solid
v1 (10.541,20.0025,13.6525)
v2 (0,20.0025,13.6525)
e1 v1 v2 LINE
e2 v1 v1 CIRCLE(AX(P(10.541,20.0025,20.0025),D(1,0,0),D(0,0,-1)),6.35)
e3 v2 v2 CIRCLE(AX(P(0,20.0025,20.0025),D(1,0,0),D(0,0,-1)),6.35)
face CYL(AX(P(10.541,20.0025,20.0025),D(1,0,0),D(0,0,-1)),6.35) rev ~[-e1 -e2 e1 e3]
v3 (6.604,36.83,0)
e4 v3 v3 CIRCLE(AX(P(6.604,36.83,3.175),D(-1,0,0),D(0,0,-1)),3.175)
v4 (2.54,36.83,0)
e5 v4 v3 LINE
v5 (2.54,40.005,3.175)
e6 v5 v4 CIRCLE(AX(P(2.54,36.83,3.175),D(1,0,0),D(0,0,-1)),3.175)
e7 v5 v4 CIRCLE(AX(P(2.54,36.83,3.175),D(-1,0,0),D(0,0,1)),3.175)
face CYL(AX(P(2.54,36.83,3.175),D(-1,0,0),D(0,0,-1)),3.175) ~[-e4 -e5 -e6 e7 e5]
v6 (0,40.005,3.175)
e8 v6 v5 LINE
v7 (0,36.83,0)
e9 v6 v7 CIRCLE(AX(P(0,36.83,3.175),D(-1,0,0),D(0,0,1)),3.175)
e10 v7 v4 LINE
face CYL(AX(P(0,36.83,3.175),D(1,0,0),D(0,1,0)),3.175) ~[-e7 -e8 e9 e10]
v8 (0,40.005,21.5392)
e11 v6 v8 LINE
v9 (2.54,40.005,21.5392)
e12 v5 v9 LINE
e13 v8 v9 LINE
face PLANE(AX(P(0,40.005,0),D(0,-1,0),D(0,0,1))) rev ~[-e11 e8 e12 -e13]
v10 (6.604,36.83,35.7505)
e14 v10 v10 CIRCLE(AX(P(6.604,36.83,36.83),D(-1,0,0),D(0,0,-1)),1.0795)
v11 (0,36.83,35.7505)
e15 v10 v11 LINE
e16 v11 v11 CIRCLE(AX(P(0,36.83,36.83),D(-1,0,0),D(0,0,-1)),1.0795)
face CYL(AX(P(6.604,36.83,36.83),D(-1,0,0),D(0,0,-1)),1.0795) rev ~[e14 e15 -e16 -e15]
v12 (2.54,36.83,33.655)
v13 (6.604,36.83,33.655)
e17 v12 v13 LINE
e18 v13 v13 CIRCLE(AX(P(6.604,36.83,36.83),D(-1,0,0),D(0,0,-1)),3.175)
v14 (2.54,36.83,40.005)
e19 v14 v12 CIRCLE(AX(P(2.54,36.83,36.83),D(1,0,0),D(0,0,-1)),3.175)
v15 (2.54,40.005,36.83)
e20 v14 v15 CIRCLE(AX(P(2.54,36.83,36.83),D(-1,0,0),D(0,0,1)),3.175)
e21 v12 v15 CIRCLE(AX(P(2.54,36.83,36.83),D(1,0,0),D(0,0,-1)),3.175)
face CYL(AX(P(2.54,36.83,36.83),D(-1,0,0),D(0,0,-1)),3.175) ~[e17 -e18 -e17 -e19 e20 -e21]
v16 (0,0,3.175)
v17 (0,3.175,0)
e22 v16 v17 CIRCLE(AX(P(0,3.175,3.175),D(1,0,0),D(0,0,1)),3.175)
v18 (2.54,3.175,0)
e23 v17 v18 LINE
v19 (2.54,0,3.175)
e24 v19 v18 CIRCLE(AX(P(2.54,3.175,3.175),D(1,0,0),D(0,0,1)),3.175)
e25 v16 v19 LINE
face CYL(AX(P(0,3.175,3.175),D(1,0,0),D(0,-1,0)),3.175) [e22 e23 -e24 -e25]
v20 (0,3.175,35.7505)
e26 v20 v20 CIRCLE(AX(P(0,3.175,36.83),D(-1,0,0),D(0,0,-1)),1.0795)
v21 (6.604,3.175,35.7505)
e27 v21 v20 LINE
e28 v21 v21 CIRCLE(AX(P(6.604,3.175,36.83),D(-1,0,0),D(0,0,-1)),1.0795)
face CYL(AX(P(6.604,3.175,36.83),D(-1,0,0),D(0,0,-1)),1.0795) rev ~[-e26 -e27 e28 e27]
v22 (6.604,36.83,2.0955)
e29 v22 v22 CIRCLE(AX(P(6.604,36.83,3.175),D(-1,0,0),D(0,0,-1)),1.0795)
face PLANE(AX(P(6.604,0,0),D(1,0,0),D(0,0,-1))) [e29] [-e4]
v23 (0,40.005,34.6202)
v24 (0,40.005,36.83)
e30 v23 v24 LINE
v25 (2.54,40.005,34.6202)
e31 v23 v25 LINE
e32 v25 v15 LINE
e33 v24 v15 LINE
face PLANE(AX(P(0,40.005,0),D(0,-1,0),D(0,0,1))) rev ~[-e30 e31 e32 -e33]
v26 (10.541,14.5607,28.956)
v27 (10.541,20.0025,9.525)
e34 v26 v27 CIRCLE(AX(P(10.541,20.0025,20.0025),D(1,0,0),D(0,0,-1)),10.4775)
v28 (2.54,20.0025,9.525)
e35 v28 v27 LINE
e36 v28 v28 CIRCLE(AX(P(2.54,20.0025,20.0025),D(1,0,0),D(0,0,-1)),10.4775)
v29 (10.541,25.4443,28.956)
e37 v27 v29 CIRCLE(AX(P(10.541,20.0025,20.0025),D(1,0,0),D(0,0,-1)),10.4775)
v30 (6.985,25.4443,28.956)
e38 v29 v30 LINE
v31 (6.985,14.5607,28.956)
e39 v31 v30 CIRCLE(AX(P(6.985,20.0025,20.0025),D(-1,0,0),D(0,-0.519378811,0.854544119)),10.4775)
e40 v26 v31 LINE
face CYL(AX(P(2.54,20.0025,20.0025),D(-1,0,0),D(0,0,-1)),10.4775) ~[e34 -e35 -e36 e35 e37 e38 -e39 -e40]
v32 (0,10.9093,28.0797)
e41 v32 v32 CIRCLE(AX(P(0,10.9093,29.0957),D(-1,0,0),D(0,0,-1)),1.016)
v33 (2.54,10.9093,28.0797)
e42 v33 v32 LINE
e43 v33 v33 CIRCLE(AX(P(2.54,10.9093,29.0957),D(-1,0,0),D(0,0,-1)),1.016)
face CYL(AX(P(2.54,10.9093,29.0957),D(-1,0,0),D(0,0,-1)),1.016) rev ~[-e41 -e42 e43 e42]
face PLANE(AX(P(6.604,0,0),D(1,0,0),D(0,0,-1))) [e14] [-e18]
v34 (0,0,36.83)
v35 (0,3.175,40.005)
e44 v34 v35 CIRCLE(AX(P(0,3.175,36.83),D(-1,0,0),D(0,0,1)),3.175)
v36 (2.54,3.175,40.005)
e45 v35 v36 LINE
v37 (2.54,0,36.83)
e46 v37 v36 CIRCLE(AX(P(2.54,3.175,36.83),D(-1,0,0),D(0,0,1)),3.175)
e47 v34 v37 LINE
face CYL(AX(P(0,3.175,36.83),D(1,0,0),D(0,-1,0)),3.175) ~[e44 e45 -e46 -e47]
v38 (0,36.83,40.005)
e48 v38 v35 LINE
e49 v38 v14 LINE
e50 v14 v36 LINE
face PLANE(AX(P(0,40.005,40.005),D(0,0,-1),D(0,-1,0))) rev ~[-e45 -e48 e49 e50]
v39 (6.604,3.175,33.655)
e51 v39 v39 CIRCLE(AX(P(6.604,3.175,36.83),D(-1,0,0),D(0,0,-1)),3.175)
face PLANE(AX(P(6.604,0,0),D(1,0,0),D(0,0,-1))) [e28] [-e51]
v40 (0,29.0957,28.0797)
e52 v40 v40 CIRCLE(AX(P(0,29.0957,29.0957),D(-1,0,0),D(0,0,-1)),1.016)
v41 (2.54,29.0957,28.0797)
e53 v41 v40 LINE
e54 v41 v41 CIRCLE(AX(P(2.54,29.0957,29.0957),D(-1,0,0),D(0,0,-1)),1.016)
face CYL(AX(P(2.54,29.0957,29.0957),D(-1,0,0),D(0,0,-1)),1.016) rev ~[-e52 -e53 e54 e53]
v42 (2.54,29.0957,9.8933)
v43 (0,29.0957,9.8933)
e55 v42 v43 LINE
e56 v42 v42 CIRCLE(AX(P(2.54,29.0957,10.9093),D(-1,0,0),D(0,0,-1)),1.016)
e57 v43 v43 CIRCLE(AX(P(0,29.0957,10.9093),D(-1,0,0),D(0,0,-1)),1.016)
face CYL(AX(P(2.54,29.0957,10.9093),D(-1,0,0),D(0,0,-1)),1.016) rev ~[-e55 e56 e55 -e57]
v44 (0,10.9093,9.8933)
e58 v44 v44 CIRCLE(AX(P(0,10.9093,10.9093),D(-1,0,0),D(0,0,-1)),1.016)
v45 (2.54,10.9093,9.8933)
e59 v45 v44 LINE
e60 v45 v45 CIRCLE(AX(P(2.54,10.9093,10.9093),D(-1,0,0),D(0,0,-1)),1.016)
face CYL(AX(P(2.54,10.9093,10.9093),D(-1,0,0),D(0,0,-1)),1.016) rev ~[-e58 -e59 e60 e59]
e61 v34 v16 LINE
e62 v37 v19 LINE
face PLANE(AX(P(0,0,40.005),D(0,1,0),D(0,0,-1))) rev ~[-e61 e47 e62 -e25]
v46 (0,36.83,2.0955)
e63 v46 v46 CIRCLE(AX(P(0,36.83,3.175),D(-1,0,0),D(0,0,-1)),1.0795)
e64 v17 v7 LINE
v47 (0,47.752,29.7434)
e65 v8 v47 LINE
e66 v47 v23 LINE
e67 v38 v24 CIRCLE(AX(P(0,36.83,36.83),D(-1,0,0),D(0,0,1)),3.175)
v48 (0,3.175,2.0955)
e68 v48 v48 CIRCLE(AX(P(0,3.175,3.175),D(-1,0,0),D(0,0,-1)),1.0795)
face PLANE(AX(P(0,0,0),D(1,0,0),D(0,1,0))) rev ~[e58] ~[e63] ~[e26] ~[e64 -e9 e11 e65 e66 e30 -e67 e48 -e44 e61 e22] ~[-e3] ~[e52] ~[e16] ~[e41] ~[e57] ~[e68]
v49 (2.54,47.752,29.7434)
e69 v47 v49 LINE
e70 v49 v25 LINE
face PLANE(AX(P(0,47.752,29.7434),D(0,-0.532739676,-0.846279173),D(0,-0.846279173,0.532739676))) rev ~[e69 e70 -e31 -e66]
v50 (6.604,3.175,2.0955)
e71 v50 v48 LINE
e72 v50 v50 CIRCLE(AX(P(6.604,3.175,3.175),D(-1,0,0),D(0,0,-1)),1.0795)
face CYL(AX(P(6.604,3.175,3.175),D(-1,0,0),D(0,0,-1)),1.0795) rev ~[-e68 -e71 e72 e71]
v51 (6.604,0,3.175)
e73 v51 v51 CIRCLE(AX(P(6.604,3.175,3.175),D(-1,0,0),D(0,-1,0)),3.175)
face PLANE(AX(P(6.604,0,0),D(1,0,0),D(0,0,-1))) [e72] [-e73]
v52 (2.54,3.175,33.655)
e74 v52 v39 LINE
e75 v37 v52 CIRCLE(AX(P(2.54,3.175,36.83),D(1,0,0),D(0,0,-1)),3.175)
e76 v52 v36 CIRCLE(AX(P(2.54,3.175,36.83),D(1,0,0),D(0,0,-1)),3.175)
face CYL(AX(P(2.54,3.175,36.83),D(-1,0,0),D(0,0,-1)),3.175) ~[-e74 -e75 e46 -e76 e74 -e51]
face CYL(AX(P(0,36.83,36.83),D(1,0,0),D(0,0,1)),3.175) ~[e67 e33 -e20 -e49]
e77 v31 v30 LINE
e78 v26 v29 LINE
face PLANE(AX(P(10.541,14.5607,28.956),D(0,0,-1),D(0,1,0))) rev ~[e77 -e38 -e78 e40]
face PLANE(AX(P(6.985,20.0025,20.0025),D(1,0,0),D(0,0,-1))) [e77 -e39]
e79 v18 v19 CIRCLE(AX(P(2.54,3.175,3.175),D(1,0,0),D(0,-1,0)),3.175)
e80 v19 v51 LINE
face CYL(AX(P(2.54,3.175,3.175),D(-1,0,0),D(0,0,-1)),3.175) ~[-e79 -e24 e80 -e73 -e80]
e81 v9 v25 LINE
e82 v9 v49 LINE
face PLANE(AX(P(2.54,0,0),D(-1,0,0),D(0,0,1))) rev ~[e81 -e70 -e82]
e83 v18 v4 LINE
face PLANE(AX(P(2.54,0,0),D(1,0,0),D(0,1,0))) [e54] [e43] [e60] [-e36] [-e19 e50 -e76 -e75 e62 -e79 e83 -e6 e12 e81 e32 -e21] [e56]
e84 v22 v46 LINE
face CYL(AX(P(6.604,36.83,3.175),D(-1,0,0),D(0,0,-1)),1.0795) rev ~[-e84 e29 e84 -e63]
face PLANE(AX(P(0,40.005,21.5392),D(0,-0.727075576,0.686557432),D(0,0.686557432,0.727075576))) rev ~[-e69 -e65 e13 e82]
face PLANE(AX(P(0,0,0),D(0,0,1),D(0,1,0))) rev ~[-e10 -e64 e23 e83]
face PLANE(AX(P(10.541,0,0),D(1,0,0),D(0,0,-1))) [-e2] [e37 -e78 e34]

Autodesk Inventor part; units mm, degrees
ref_plane "YZ Plane" through (0, 0, 0) normal (1, 0, 0) x (0, 1, 0)
ref_plane "XZ Plane" through (0, 0, 0) normal (0, 1, 0) x (-1, 0, 0)
ref_plane "XY Plane" through (0, 0, 0) normal (0, 0, 1) x (1, 0, 0)
sketch "Sketch1" plane through (0, 0, 0) normal (1, 0, 0) x (0, 1, 0)
  line L0 (0, 0) -> (40.005, 0)
  line L1 (40.005, 0) -> (40.005, 40.005)
  line L2 (40.005, 40.005) -> (0, 40.005)
  line L3 (0, 40.005) -> (0, 0)
  dimension "d0" = 40.005
  dimension "d1" = 40.005
extrude "Extrusion1" add sketch "Sketch1" along normal blind 2.54
fillet "Fillet1" radius 3.175 4 edges at (1.27, 40.005, 40.005) (1.27, 0, 40.005) (1.27, 0, 0) (1.27, 40.005, 0)
sketch "Sketch2" plane through (2.54, 0, 0) normal (1, 0, 0) x (0, 0, -1)
  arc A0 (0, 36.83) -> (-3.175, 40.005) centre (-3.175, 36.83) ccw projected
  arc A1 (-36.83, 40.005) -> (-40.005, 36.83) centre (-36.83, 36.83) ccw projected
  arc A2 (-40.005, 3.175) -> (-36.83, 0) centre (-36.83, 3.175) ccw projected
  arc A3 (-3.175, 0) -> (0, 3.175) centre (-3.175, 3.175) ccw projected
  circle A4 centre (-36.83, 3.175) radius 3.175
  circle A5 centre (-36.83, 36.83) radius 3.175
  circle A6 centre (-3.175, 36.83) radius 3.175
  circle A7 centre (-3.175, 3.175) radius 3.175
  point P0 (0, 0)
extrude "Extrusion2" add sketch "Sketch2" along normal blind 4.064
sketch "Sketch3" plane through (6.604, 3.175, 36.83) normal (1, 0, 0) x (0, 0, -1)
  circle A0 centre (0, 0) radius 3.175 projected
  circle A1 centre (0, 33.655) radius 3.175 projected
  circle A2 centre (33.655, 33.655) radius 3.175 projected
  circle A3 centre (33.655, 0) radius 3.175 projected
  point P0 (36.83, -3.175)
hole "Hole1" at (6.604, 36.83, 36.83) at (6.604, 36.83, 3.175) at (6.604, 3.175, 3.175) at (6.604, 3.175, 36.83) direction (-1, 0, 0) diameter 2.159 end through all
sketch "Sketch4" plane through (2.54, 0, 0) normal (1, 0, 0) x (0, 0, -1)
  arc A0 (-3.175, 40.005) -> (0, 36.83) centre (-3.175, 36.83) ccw projected
  arc A1 (-36.83, 0) -> (-40.005, 3.175) centre (-36.83, 3.175) ccw projected
  line L0 (-10.9093, 10.9093) -> (-29.0957, 10.9093)
  line L1 (-29.0957, 10.9093) -> (-29.0957, 29.0957)
  line L2 (-29.0957, 29.0957) -> (-10.9093, 29.0957)
  line L3 (-10.9093, 29.0957) -> (-10.9093, 10.9093)
  line L4 (-36.83, 3.175) -> (-3.175, 36.83) construction
  line L5 (-10.9093, 10.9093) -> (-29.0957, 29.0957) construction
  point P0 (0, 0)
  point P1 (-20.0025, 20.0025)
  dimension "d14" = 18.1864
hole "Hole2" at (2.54, 10.9093, 29.0957) at (2.54, 29.0957, 29.0957) at (2.54, 10.9093, 10.9093) at (2.54, 29.0957, 10.9093) direction (-1, 0, 0) diameter 2.032 end through all
sketch "Sketch5" plane through (2.54, 0, 0) normal (1, 0, 0) x (0, 0, -1)
  circle A0 centre (-10.9093, 10.9093) radius 1.016 projected
  circle A1 centre (-29.0957, 29.0957) radius 1.016 projected
  line L0 (-29.0957, 29.0957) -> (-10.9093, 10.9093) construction
  circle A2 centre (-20.0025, 20.0025) radius 10.4775
  point P0 (0, 0)
  dimension "d23" = 20.955
extrude "Extrusion3" add sketch "Sketch5" along normal blind 8.001 contours A2
sketch "Sketch6" plane through (10.541, 20.0025, 20.0025) normal (1, 0, 0) x (0, 0, -1)
  circle A0 centre (0, 0) radius 10.4775 projected
  circle A1 centre (0, 0) radius 6.35
  point P0 (20.0025, -20.0025)
  dimension "d27" = 6.35
extrude "Extrusion4" cut sketch "Sketch6" against normal through all contours A1
sketch "Sketch7" plane through (10.541, 20.0025, 20.0025) normal (1, 0, 0) x (0, 0, -1)
  circle A0 centre (0, 0) radius 10.4775 projected
  line L0 (-10.4775, -5.4418) -> (-8.9535, -5.4418)
  line L1 (-8.9535, -5.4418) -> (-8.9535, 5.4418)
  line L2 (-8.9535, 5.4418) -> (-10.4775, 5.4418)
  line L3 (-10.4775, 5.4418) -> (-10.4775, -5.4418)
  point P0 (20.0025, -20.0025)
  dimension "d30" = 19.431
extrude "Extrusion5" cut sketch "Sketch7" against normal blind 3.556 contours L1 A0 | A0 L3 L2 | L0 L3 A0 picked at (-9.2326, 1.2437)
sketch "Sketch10" plane through (0, 0, 0) normal (-1, 0, 0) x (0, 0, 1)
  line L0 (3.175, 40.005) -> (36.83, 40.005) projected
  line L1 (21.5392, 40.005) -> (29.7434, 47.752)
  line L2 (29.7434, 47.752) -> (34.6202, 40.005)
  line L3 (36.83, 0) -> (3.175, 0) projected
  line L4 (40.005, 36.83) -> (40.005, 3.175) projected
  point P0 (0, 0)
  dimension "d43" = 5.3848
  dimension "d44" = 10.2616
  dimension "d45" = 18.4658
  dimension "d46" = 47.752
extrude "Extrusion8" add sketch "Sketch10" against normal up to surface (2.54 mm away)
equation "\"d1\" = d0"
properties part number "Face Plate" material "PC/ABS Plastic"
